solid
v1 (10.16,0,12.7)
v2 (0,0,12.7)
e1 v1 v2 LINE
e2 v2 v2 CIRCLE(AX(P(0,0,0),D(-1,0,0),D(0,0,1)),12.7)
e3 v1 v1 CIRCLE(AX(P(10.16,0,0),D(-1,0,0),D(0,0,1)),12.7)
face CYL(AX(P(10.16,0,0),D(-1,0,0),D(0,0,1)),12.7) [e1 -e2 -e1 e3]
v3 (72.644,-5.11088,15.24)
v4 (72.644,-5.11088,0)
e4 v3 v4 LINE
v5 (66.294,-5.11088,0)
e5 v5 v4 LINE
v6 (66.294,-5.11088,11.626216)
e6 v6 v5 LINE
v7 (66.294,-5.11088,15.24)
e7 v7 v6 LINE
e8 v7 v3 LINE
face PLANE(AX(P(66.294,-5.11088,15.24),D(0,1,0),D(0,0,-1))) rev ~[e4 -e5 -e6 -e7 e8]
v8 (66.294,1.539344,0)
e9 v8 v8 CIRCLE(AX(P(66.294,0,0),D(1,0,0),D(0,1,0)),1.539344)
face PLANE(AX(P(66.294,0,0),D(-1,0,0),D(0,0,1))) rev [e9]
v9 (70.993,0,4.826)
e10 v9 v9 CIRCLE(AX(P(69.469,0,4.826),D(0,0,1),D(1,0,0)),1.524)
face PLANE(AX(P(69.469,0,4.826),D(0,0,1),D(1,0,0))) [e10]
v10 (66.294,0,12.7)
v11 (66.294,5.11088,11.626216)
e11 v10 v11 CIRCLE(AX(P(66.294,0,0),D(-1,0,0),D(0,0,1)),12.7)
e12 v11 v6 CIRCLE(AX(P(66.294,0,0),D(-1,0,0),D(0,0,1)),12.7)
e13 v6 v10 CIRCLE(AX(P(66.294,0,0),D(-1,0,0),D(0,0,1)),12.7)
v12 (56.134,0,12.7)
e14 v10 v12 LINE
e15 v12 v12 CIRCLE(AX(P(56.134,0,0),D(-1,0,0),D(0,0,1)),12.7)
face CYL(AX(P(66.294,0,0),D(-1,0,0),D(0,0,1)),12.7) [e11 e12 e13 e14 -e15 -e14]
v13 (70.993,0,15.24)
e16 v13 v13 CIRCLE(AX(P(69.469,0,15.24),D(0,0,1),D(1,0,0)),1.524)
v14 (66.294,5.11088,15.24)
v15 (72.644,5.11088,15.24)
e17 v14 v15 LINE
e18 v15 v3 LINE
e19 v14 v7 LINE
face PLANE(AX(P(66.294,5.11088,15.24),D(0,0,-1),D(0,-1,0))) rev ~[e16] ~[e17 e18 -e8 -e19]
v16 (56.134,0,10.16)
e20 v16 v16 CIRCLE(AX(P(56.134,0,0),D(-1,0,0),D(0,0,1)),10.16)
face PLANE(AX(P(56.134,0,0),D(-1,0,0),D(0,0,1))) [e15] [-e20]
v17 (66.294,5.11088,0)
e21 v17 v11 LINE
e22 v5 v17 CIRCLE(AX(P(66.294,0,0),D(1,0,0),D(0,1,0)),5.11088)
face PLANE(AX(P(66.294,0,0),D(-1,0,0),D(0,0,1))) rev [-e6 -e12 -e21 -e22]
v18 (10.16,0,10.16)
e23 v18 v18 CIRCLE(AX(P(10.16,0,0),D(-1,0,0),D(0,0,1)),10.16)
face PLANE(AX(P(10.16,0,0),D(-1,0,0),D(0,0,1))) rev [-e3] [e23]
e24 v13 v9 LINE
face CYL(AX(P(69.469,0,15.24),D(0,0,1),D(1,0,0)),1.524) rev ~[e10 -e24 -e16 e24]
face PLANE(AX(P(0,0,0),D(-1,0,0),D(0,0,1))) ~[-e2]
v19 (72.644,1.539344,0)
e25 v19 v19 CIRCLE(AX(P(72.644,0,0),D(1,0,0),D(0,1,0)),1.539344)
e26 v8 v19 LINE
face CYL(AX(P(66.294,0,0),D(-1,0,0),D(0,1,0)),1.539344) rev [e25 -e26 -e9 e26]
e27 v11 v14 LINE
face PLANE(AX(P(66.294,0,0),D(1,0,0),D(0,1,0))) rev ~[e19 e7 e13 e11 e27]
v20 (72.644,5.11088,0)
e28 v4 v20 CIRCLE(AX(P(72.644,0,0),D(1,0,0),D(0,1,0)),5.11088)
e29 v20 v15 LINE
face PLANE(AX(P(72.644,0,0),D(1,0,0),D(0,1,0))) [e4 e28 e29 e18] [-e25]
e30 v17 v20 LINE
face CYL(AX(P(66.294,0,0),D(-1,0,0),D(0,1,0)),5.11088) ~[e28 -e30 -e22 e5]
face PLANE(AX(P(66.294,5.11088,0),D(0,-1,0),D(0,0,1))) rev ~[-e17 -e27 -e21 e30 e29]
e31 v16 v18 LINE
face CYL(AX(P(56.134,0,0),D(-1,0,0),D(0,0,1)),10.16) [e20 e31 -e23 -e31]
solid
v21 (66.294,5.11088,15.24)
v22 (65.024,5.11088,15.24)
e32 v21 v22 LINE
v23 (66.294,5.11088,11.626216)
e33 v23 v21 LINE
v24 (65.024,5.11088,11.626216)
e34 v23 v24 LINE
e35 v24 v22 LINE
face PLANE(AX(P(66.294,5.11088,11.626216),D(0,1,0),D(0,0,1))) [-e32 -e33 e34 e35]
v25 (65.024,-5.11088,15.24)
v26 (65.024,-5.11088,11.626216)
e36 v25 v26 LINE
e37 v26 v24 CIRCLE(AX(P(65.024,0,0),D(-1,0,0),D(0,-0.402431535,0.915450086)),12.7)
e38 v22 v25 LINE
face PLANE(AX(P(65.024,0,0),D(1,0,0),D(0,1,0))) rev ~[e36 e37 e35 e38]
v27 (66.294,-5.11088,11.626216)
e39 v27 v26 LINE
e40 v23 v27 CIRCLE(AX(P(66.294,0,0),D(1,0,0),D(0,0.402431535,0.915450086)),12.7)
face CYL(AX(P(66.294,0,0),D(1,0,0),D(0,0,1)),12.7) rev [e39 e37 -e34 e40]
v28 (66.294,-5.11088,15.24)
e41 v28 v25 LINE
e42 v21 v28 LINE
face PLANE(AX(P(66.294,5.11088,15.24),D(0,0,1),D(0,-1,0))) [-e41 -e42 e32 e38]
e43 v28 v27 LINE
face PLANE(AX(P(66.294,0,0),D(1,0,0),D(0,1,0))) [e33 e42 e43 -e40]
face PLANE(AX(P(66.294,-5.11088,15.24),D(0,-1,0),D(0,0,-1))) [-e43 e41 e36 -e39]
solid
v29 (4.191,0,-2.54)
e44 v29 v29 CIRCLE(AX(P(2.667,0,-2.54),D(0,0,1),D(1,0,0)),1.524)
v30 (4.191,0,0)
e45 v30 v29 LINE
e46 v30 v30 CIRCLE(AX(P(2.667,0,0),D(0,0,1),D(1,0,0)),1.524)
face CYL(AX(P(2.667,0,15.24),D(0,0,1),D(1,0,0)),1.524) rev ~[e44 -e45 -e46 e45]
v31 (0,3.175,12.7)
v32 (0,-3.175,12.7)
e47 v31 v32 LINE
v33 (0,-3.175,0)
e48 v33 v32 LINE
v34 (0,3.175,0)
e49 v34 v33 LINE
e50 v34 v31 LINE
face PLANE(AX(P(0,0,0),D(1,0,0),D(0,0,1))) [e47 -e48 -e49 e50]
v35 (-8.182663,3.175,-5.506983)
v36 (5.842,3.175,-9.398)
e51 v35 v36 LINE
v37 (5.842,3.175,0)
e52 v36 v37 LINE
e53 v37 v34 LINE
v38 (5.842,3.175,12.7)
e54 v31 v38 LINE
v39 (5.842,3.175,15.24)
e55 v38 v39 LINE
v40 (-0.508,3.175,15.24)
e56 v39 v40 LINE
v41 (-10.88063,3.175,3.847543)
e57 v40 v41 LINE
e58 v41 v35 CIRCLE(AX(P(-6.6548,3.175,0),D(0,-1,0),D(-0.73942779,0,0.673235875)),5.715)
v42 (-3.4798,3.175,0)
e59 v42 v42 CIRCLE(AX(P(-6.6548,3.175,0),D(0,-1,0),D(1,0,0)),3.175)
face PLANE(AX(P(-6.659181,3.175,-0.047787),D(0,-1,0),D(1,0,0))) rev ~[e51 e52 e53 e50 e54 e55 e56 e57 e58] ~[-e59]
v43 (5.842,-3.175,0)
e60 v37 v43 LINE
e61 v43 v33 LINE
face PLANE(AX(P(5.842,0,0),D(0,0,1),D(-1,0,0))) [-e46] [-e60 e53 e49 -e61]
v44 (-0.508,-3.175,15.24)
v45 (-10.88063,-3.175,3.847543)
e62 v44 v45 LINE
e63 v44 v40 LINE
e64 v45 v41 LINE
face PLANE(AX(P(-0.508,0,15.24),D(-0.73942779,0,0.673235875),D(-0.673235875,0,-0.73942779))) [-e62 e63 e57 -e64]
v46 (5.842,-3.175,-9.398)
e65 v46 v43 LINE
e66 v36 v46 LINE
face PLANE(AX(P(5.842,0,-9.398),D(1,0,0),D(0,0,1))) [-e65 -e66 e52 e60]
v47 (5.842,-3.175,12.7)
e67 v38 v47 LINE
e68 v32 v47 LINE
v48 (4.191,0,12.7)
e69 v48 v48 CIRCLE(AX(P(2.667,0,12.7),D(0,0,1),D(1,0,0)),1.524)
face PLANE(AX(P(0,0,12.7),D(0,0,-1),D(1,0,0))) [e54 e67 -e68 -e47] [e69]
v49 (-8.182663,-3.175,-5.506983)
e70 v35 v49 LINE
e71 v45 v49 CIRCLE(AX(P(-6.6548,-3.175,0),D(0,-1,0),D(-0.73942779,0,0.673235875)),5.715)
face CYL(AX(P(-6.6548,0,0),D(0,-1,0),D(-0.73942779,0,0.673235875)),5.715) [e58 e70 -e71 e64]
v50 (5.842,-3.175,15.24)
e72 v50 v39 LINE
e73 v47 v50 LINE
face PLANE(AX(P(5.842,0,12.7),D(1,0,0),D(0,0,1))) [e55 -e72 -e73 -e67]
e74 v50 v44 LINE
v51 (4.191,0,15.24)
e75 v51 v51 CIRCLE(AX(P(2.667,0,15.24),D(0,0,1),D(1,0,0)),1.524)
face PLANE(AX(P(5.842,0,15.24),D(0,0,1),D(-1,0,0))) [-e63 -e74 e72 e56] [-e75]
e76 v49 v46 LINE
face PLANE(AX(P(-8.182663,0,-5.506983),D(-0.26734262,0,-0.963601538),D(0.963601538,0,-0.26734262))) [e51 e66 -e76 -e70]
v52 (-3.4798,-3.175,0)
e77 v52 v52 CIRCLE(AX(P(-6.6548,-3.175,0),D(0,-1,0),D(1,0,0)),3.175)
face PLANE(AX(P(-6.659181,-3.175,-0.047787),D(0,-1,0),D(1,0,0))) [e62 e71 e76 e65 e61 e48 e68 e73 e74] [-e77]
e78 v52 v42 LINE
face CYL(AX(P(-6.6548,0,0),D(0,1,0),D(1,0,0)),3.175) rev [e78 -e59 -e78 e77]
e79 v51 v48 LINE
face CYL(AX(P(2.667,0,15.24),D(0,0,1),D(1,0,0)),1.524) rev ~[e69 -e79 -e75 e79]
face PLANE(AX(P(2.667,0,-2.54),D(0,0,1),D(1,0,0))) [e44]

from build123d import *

# Parameters (mm, degrees)
F0_W      = 5.842
F0_H      = 12.7
F0_R      = 3.175
F2_DEPTH  = 3.175
F3_R      = 1.5393438835
F4_DEPTH  = 6.35
F5_DEPTH  = 1.27
F6_R      = 1.524
F9_DEPTH  = 17.78
F7_R      = 1.524
F10_DEPTH = 10.414


with BuildPart() as f1:
    # F0 (on Front) → F1 (revolve)
    with BuildSketch(Plane.XZ):
        with Locations((2.921, 6.35)):
            Rectangle(F0_W, F0_H)
        Polygon((5.842, 12.7), (5.842, 0), (66.294, 0), (66.294, 12.7), (56.134, 12.7), (56.134, 10.16), (10.16, 10.16), (10.16, 12.7), align=None)
    revolve(axis=Axis((33.147, 0, 0), (-1, 0, 0)))

    # F3 (on face) → F4 (join)
    with BuildSketch(Plane.YZ.offset(66.294)):
        with BuildLine():
            ThreePointArc((-5.1108804903, 0), (0, -5.1108804903), (5.1108804903, 0))
            ThreePointArc((5.1108804903, 0), (0, 5.1108804903), (-5.1108804903, 0))
        make_face()
        Circle(F3_R, mode=Mode.SUBTRACT)
        with BuildLine():
            ThreePointArc((-5.1108804903, 0), (0, 5.1108804903), (5.1108804903, 0))
            Line((5.1108804903, 0), (5.1108804903, 11.6262160918))
            ThreePointArc((5.1108804903, 11.6262160918), (0, 12.7), (-5.1108804903, 11.6262160918))
            Line((-5.1108804903, 11.6262160918), (-5.1108804903, 0))
        make_face()
        with BuildLine():
            ThreePointArc((-5.1108804903, 11.6262160918), (0, 12.7), (5.1108804903, 11.6262160918))
            Line((5.1108804903, 11.6262160918), (5.1108804903, 15.24))
            Line((5.1108804903, 15.24), (-5.1108804903, 15.24))
            Line((-5.1108804903, 15.24), (-5.1108804903, 11.6262160918))
        make_face()
    extrude(amount=F4_DEPTH)


with BuildPart() as f2:
    # F0 (on Front) → F2 (new body, symmetric)
    with BuildSketch(Plane.XZ):
        with BuildLine():
            ThreePointArc((-8.1826630726, -5.5069827884), (-3.1957909266, -4.5493385486), (-0.9398, 0))
            ThreePointArc((-0.9398, 0), (-4.5919612295, 5.3297205562), (-10.8806298187, 3.8475430269))
            ThreePointArc((-10.8806298187, 3.8475430269), (-12.1459778134, -1.5837270034), (-8.1826630726, -5.5069827884))
        make_face()
        with Locations((-6.6548, 0)):
            Circle(F0_R, mode=Mode.SUBTRACT)
        with BuildLine():
            Line((5.842, 0), (0, 0))
            Line((0, 0), (-0.9398, 0))
            ThreePointArc((-0.9398, 0), (-3.1957909266, -4.5493385486), (-8.1826630726, -5.5069827884))
            Line((-8.1826630726, -5.5069827884), (5.842, -9.398))
            Line((5.842, -9.398), (5.842, 0))
        make_face()
        with BuildLine():
            Line((-0.9398, 0), (0, 0))
            Line((0, 0), (0, 12.7))
            Line((0, 12.7), (5.842, 12.7))
            Line((5.842, 12.7), (5.842, 15.24))
            Line((5.842, 15.24), (-0.508, 15.24))
            Line((-0.508, 15.24), (-10.8806298187, 3.8475430269))
            ThreePointArc((-10.8806298187, 3.8475430269), (-4.5919612295, 5.3297205562), (-0.9398, 0))
        make_face()
    extrude(amount=F2_DEPTH, both=True)

    # F6 (on face) → F9 (cut)
    with BuildSketch(Plane.XY.offset(15.24)):
        with Locations((2.667, 0)):
            Circle(F6_R)
    extrude(amount=-F9_DEPTH, mode=Mode.SUBTRACT)


with BuildPart() as f5:
    # F5 (new): a face of the model
    f5_faces = [f1.part.faces().sort_by_distance(p)[0] for p in [
        (66.294, 0, 13.7766848253),
    ]]
    extrude(f5_faces, amount=F5_DEPTH)


with BuildPart() as f1_1:
    add(f1.part)

    # F7 (on face) → F10 (cut)
    with BuildSketch(Plane.XY.offset(15.24)):
        with Locations((69.469, 0)):
            Circle(F7_R)
    extrude(amount=-F10_DEPTH, mode=Mode.SUBTRACT)


solid = Compound([f2.part, f5.part, f1_1.part])
